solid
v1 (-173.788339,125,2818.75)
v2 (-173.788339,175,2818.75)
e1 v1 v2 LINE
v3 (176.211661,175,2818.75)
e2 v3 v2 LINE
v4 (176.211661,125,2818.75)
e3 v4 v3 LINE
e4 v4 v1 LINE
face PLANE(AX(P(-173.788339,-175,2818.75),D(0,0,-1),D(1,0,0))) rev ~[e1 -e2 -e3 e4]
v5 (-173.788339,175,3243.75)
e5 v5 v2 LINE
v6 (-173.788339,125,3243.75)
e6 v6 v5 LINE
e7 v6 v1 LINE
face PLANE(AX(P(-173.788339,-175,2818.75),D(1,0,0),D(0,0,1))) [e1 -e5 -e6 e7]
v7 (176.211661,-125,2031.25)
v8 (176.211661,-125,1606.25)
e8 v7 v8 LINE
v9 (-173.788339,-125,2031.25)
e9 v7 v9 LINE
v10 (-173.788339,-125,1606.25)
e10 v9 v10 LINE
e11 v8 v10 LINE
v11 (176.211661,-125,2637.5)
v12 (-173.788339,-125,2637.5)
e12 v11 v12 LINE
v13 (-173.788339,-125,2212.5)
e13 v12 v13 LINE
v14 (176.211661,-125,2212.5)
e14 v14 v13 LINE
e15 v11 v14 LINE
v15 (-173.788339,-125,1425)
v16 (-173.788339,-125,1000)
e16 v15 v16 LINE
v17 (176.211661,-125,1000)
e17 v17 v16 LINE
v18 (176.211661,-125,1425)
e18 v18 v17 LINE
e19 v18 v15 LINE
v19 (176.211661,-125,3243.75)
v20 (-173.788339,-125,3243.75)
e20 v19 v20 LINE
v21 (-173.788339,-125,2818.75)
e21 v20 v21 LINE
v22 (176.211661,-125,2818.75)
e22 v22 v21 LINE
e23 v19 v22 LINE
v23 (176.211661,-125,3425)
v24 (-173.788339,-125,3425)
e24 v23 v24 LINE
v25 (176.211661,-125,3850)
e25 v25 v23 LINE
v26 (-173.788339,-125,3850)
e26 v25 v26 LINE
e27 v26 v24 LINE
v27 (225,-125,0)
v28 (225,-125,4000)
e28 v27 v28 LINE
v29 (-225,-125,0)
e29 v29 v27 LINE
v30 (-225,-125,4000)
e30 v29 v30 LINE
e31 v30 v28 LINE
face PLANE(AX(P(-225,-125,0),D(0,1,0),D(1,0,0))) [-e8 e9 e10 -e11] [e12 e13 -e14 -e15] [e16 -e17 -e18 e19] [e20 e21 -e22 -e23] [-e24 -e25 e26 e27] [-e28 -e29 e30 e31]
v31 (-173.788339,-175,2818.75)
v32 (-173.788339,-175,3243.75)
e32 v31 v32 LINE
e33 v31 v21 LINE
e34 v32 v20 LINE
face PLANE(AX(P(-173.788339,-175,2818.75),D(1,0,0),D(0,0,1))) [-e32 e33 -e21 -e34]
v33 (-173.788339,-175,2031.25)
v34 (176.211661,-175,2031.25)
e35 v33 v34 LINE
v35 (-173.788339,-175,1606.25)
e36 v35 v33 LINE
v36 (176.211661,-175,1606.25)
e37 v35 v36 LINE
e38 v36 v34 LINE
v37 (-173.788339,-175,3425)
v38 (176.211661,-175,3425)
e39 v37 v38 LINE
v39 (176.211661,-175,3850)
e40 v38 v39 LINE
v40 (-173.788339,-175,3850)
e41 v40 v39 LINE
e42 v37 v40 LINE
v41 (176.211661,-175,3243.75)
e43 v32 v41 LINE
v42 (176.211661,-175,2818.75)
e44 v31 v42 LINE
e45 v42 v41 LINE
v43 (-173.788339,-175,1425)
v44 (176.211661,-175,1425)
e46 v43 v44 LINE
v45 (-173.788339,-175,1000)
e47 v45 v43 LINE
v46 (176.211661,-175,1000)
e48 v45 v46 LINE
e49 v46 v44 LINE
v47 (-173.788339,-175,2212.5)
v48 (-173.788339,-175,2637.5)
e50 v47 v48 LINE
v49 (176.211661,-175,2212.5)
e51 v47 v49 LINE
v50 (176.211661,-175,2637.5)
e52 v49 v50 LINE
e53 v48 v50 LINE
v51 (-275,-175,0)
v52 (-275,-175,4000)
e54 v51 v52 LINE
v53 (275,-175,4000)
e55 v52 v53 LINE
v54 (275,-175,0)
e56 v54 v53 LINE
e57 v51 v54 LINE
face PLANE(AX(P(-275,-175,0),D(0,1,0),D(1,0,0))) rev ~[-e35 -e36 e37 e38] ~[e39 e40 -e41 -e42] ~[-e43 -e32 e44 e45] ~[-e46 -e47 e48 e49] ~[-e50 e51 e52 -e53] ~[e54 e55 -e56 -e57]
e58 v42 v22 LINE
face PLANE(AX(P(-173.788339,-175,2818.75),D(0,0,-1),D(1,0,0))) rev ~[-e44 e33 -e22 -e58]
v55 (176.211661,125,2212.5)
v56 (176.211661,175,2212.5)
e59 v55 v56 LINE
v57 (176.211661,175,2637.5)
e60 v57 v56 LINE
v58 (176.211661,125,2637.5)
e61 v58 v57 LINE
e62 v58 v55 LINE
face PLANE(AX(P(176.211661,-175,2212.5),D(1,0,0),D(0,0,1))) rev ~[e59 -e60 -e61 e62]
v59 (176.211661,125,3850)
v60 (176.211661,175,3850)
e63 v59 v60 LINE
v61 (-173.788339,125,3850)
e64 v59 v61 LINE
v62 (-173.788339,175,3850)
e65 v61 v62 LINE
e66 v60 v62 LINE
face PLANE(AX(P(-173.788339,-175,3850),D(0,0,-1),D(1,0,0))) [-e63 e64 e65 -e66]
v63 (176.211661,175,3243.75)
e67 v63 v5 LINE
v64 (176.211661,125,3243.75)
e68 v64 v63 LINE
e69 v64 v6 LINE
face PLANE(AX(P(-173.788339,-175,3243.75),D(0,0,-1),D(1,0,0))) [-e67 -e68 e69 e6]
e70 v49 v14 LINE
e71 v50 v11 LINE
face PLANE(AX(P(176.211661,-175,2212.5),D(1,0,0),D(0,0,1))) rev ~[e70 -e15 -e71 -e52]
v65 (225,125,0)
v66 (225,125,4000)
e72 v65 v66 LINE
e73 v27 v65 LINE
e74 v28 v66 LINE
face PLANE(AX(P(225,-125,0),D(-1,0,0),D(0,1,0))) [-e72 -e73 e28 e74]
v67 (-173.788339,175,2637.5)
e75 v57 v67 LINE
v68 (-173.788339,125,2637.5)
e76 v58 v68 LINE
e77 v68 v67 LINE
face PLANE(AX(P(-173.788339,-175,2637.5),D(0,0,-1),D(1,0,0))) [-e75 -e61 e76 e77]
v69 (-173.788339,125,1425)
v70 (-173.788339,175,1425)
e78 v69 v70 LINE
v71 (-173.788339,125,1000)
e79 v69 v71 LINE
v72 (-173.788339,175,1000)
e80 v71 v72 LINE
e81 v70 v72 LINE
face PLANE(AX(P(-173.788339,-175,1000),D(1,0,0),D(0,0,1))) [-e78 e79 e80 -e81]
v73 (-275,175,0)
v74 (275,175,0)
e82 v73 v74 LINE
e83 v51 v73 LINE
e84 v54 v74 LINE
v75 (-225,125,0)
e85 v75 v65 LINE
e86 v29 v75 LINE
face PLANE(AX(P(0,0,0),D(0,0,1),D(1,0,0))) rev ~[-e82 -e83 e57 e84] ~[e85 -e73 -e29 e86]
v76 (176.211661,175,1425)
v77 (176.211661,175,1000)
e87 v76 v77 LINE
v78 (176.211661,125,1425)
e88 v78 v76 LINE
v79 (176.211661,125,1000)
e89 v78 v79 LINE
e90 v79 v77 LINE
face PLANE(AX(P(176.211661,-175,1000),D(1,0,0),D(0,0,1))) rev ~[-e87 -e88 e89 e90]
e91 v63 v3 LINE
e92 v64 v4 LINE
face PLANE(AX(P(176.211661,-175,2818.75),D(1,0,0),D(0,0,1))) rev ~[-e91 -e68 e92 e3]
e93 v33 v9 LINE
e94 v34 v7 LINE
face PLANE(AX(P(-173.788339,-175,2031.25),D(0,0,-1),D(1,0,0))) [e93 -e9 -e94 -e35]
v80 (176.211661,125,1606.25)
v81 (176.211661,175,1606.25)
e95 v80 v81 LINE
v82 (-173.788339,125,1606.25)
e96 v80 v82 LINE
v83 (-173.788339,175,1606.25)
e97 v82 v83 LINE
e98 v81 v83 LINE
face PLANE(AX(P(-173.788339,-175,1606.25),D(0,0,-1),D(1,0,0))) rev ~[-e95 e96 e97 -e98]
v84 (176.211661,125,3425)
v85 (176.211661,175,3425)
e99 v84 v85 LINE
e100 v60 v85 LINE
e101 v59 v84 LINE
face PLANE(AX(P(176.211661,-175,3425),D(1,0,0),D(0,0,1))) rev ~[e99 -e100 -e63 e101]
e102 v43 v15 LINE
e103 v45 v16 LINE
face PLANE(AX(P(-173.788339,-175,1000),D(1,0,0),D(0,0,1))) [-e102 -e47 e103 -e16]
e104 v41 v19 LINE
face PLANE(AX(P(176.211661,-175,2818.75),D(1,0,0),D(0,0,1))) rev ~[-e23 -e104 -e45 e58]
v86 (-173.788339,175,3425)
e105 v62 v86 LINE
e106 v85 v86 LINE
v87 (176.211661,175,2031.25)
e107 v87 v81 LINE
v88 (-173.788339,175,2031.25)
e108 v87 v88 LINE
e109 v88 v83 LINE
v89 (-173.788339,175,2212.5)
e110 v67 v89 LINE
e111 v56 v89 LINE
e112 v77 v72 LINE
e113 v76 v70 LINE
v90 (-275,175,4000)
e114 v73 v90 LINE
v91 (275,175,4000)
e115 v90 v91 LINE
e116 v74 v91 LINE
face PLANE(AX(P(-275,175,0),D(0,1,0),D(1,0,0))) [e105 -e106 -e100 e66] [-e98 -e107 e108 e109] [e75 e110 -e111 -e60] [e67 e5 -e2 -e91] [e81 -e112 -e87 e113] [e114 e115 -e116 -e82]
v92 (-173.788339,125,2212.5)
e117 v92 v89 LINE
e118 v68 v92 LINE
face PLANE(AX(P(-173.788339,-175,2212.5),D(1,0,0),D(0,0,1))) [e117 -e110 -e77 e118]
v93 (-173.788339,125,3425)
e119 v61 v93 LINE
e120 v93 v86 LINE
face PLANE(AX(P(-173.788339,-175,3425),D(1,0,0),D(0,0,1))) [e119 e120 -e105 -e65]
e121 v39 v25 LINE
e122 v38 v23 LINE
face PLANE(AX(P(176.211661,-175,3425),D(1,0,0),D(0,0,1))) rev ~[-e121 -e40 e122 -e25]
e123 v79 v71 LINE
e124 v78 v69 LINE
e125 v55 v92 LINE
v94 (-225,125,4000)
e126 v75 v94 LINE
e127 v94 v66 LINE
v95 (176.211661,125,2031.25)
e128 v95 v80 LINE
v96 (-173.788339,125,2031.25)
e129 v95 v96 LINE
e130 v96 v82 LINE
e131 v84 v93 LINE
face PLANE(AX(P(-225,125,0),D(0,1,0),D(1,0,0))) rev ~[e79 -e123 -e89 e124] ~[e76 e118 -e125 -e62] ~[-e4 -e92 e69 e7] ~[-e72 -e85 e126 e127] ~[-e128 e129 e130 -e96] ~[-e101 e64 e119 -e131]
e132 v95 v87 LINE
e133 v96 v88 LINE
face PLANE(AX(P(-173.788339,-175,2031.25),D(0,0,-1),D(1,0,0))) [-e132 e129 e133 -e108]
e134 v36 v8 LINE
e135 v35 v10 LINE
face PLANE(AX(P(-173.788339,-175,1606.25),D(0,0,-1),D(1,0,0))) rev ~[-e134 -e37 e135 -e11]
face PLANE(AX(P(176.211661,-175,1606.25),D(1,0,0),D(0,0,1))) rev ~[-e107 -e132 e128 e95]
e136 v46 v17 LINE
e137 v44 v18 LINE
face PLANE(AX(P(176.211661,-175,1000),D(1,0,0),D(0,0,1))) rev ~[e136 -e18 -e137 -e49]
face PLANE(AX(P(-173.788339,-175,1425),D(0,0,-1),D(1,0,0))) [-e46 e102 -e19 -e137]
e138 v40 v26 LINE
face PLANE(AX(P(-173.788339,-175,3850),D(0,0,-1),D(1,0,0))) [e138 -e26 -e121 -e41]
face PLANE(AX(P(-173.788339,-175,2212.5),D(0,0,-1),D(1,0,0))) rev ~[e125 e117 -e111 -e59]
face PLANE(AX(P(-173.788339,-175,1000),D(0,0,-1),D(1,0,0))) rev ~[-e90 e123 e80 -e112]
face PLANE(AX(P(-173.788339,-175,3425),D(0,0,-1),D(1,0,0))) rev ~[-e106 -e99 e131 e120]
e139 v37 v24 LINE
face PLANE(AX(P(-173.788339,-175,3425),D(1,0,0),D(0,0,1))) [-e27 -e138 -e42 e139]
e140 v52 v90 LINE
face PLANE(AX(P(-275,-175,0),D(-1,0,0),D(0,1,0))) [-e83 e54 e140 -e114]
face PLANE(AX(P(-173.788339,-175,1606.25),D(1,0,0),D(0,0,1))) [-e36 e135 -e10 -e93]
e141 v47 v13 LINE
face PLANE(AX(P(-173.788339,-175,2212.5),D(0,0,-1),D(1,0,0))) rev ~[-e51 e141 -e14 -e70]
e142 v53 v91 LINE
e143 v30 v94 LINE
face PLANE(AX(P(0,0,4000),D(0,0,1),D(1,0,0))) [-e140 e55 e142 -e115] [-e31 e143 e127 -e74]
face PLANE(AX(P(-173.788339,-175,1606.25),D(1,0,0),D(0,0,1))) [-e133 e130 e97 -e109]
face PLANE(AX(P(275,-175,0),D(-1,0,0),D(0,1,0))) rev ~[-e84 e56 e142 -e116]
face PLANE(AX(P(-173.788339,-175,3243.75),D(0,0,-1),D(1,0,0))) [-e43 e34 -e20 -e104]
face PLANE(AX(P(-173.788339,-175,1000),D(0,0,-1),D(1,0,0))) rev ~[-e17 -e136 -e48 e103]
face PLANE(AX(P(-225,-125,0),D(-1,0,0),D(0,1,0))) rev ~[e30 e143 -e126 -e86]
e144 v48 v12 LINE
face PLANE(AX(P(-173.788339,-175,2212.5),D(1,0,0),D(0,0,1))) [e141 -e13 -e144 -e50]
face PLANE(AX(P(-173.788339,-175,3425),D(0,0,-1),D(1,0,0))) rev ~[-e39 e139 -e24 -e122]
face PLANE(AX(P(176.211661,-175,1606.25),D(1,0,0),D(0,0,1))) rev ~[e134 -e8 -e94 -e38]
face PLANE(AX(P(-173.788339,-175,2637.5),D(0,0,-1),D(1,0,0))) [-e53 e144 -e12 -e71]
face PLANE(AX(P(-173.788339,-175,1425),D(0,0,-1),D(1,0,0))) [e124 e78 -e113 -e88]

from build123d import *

# Parameters (mm, degrees)
DWIRE_W             = 550
DWIRE_H             = 350
PAD001_DEPTH        = 4000
SKETCH_W            = 450
SKETCH_H            = 250
POCKET_DEPTH        = 4000
SKETCH001_W         = 350
SKETCH001_H         = 425
POCKET001_DEPTH     = 3500
LINEARPATTERN_COUNT = 5
LINEARPATTERN_PITCH = 606.25


with BuildPart() as part:
    # DWire → Pad001 (new body)
    with BuildSketch(Plane.XY):
        Rectangle(DWIRE_W, DWIRE_H)
    extrude(amount=PAD001_DEPTH)

    # Sketch → Pocket (cut)
    with BuildSketch(Plane.XY):
        Rectangle(SKETCH_W, SKETCH_H)
    extrude(amount=POCKET_DEPTH, mode=Mode.SUBTRACT)

    # Sketch001 (on Face6 of Pocket) → Pocket001 (cut)
    with BuildSketch(Plane.XZ.offset(175)):
        with Locations((1.211661, 1212.5)):
            Rectangle(SKETCH001_W, SKETCH001_H)
    pocket001 = extrude(amount=-POCKET001_DEPTH, mode=Mode.SUBTRACT)

    # LinearPattern: Pocket001 ×5
    with Locations(*[(0, 0, i * LINEARPATTERN_PITCH) for i in range(1, LINEARPATTERN_COUNT)]):
        add(pocket001, mode=Mode.SUBTRACT)


solid = part.part
